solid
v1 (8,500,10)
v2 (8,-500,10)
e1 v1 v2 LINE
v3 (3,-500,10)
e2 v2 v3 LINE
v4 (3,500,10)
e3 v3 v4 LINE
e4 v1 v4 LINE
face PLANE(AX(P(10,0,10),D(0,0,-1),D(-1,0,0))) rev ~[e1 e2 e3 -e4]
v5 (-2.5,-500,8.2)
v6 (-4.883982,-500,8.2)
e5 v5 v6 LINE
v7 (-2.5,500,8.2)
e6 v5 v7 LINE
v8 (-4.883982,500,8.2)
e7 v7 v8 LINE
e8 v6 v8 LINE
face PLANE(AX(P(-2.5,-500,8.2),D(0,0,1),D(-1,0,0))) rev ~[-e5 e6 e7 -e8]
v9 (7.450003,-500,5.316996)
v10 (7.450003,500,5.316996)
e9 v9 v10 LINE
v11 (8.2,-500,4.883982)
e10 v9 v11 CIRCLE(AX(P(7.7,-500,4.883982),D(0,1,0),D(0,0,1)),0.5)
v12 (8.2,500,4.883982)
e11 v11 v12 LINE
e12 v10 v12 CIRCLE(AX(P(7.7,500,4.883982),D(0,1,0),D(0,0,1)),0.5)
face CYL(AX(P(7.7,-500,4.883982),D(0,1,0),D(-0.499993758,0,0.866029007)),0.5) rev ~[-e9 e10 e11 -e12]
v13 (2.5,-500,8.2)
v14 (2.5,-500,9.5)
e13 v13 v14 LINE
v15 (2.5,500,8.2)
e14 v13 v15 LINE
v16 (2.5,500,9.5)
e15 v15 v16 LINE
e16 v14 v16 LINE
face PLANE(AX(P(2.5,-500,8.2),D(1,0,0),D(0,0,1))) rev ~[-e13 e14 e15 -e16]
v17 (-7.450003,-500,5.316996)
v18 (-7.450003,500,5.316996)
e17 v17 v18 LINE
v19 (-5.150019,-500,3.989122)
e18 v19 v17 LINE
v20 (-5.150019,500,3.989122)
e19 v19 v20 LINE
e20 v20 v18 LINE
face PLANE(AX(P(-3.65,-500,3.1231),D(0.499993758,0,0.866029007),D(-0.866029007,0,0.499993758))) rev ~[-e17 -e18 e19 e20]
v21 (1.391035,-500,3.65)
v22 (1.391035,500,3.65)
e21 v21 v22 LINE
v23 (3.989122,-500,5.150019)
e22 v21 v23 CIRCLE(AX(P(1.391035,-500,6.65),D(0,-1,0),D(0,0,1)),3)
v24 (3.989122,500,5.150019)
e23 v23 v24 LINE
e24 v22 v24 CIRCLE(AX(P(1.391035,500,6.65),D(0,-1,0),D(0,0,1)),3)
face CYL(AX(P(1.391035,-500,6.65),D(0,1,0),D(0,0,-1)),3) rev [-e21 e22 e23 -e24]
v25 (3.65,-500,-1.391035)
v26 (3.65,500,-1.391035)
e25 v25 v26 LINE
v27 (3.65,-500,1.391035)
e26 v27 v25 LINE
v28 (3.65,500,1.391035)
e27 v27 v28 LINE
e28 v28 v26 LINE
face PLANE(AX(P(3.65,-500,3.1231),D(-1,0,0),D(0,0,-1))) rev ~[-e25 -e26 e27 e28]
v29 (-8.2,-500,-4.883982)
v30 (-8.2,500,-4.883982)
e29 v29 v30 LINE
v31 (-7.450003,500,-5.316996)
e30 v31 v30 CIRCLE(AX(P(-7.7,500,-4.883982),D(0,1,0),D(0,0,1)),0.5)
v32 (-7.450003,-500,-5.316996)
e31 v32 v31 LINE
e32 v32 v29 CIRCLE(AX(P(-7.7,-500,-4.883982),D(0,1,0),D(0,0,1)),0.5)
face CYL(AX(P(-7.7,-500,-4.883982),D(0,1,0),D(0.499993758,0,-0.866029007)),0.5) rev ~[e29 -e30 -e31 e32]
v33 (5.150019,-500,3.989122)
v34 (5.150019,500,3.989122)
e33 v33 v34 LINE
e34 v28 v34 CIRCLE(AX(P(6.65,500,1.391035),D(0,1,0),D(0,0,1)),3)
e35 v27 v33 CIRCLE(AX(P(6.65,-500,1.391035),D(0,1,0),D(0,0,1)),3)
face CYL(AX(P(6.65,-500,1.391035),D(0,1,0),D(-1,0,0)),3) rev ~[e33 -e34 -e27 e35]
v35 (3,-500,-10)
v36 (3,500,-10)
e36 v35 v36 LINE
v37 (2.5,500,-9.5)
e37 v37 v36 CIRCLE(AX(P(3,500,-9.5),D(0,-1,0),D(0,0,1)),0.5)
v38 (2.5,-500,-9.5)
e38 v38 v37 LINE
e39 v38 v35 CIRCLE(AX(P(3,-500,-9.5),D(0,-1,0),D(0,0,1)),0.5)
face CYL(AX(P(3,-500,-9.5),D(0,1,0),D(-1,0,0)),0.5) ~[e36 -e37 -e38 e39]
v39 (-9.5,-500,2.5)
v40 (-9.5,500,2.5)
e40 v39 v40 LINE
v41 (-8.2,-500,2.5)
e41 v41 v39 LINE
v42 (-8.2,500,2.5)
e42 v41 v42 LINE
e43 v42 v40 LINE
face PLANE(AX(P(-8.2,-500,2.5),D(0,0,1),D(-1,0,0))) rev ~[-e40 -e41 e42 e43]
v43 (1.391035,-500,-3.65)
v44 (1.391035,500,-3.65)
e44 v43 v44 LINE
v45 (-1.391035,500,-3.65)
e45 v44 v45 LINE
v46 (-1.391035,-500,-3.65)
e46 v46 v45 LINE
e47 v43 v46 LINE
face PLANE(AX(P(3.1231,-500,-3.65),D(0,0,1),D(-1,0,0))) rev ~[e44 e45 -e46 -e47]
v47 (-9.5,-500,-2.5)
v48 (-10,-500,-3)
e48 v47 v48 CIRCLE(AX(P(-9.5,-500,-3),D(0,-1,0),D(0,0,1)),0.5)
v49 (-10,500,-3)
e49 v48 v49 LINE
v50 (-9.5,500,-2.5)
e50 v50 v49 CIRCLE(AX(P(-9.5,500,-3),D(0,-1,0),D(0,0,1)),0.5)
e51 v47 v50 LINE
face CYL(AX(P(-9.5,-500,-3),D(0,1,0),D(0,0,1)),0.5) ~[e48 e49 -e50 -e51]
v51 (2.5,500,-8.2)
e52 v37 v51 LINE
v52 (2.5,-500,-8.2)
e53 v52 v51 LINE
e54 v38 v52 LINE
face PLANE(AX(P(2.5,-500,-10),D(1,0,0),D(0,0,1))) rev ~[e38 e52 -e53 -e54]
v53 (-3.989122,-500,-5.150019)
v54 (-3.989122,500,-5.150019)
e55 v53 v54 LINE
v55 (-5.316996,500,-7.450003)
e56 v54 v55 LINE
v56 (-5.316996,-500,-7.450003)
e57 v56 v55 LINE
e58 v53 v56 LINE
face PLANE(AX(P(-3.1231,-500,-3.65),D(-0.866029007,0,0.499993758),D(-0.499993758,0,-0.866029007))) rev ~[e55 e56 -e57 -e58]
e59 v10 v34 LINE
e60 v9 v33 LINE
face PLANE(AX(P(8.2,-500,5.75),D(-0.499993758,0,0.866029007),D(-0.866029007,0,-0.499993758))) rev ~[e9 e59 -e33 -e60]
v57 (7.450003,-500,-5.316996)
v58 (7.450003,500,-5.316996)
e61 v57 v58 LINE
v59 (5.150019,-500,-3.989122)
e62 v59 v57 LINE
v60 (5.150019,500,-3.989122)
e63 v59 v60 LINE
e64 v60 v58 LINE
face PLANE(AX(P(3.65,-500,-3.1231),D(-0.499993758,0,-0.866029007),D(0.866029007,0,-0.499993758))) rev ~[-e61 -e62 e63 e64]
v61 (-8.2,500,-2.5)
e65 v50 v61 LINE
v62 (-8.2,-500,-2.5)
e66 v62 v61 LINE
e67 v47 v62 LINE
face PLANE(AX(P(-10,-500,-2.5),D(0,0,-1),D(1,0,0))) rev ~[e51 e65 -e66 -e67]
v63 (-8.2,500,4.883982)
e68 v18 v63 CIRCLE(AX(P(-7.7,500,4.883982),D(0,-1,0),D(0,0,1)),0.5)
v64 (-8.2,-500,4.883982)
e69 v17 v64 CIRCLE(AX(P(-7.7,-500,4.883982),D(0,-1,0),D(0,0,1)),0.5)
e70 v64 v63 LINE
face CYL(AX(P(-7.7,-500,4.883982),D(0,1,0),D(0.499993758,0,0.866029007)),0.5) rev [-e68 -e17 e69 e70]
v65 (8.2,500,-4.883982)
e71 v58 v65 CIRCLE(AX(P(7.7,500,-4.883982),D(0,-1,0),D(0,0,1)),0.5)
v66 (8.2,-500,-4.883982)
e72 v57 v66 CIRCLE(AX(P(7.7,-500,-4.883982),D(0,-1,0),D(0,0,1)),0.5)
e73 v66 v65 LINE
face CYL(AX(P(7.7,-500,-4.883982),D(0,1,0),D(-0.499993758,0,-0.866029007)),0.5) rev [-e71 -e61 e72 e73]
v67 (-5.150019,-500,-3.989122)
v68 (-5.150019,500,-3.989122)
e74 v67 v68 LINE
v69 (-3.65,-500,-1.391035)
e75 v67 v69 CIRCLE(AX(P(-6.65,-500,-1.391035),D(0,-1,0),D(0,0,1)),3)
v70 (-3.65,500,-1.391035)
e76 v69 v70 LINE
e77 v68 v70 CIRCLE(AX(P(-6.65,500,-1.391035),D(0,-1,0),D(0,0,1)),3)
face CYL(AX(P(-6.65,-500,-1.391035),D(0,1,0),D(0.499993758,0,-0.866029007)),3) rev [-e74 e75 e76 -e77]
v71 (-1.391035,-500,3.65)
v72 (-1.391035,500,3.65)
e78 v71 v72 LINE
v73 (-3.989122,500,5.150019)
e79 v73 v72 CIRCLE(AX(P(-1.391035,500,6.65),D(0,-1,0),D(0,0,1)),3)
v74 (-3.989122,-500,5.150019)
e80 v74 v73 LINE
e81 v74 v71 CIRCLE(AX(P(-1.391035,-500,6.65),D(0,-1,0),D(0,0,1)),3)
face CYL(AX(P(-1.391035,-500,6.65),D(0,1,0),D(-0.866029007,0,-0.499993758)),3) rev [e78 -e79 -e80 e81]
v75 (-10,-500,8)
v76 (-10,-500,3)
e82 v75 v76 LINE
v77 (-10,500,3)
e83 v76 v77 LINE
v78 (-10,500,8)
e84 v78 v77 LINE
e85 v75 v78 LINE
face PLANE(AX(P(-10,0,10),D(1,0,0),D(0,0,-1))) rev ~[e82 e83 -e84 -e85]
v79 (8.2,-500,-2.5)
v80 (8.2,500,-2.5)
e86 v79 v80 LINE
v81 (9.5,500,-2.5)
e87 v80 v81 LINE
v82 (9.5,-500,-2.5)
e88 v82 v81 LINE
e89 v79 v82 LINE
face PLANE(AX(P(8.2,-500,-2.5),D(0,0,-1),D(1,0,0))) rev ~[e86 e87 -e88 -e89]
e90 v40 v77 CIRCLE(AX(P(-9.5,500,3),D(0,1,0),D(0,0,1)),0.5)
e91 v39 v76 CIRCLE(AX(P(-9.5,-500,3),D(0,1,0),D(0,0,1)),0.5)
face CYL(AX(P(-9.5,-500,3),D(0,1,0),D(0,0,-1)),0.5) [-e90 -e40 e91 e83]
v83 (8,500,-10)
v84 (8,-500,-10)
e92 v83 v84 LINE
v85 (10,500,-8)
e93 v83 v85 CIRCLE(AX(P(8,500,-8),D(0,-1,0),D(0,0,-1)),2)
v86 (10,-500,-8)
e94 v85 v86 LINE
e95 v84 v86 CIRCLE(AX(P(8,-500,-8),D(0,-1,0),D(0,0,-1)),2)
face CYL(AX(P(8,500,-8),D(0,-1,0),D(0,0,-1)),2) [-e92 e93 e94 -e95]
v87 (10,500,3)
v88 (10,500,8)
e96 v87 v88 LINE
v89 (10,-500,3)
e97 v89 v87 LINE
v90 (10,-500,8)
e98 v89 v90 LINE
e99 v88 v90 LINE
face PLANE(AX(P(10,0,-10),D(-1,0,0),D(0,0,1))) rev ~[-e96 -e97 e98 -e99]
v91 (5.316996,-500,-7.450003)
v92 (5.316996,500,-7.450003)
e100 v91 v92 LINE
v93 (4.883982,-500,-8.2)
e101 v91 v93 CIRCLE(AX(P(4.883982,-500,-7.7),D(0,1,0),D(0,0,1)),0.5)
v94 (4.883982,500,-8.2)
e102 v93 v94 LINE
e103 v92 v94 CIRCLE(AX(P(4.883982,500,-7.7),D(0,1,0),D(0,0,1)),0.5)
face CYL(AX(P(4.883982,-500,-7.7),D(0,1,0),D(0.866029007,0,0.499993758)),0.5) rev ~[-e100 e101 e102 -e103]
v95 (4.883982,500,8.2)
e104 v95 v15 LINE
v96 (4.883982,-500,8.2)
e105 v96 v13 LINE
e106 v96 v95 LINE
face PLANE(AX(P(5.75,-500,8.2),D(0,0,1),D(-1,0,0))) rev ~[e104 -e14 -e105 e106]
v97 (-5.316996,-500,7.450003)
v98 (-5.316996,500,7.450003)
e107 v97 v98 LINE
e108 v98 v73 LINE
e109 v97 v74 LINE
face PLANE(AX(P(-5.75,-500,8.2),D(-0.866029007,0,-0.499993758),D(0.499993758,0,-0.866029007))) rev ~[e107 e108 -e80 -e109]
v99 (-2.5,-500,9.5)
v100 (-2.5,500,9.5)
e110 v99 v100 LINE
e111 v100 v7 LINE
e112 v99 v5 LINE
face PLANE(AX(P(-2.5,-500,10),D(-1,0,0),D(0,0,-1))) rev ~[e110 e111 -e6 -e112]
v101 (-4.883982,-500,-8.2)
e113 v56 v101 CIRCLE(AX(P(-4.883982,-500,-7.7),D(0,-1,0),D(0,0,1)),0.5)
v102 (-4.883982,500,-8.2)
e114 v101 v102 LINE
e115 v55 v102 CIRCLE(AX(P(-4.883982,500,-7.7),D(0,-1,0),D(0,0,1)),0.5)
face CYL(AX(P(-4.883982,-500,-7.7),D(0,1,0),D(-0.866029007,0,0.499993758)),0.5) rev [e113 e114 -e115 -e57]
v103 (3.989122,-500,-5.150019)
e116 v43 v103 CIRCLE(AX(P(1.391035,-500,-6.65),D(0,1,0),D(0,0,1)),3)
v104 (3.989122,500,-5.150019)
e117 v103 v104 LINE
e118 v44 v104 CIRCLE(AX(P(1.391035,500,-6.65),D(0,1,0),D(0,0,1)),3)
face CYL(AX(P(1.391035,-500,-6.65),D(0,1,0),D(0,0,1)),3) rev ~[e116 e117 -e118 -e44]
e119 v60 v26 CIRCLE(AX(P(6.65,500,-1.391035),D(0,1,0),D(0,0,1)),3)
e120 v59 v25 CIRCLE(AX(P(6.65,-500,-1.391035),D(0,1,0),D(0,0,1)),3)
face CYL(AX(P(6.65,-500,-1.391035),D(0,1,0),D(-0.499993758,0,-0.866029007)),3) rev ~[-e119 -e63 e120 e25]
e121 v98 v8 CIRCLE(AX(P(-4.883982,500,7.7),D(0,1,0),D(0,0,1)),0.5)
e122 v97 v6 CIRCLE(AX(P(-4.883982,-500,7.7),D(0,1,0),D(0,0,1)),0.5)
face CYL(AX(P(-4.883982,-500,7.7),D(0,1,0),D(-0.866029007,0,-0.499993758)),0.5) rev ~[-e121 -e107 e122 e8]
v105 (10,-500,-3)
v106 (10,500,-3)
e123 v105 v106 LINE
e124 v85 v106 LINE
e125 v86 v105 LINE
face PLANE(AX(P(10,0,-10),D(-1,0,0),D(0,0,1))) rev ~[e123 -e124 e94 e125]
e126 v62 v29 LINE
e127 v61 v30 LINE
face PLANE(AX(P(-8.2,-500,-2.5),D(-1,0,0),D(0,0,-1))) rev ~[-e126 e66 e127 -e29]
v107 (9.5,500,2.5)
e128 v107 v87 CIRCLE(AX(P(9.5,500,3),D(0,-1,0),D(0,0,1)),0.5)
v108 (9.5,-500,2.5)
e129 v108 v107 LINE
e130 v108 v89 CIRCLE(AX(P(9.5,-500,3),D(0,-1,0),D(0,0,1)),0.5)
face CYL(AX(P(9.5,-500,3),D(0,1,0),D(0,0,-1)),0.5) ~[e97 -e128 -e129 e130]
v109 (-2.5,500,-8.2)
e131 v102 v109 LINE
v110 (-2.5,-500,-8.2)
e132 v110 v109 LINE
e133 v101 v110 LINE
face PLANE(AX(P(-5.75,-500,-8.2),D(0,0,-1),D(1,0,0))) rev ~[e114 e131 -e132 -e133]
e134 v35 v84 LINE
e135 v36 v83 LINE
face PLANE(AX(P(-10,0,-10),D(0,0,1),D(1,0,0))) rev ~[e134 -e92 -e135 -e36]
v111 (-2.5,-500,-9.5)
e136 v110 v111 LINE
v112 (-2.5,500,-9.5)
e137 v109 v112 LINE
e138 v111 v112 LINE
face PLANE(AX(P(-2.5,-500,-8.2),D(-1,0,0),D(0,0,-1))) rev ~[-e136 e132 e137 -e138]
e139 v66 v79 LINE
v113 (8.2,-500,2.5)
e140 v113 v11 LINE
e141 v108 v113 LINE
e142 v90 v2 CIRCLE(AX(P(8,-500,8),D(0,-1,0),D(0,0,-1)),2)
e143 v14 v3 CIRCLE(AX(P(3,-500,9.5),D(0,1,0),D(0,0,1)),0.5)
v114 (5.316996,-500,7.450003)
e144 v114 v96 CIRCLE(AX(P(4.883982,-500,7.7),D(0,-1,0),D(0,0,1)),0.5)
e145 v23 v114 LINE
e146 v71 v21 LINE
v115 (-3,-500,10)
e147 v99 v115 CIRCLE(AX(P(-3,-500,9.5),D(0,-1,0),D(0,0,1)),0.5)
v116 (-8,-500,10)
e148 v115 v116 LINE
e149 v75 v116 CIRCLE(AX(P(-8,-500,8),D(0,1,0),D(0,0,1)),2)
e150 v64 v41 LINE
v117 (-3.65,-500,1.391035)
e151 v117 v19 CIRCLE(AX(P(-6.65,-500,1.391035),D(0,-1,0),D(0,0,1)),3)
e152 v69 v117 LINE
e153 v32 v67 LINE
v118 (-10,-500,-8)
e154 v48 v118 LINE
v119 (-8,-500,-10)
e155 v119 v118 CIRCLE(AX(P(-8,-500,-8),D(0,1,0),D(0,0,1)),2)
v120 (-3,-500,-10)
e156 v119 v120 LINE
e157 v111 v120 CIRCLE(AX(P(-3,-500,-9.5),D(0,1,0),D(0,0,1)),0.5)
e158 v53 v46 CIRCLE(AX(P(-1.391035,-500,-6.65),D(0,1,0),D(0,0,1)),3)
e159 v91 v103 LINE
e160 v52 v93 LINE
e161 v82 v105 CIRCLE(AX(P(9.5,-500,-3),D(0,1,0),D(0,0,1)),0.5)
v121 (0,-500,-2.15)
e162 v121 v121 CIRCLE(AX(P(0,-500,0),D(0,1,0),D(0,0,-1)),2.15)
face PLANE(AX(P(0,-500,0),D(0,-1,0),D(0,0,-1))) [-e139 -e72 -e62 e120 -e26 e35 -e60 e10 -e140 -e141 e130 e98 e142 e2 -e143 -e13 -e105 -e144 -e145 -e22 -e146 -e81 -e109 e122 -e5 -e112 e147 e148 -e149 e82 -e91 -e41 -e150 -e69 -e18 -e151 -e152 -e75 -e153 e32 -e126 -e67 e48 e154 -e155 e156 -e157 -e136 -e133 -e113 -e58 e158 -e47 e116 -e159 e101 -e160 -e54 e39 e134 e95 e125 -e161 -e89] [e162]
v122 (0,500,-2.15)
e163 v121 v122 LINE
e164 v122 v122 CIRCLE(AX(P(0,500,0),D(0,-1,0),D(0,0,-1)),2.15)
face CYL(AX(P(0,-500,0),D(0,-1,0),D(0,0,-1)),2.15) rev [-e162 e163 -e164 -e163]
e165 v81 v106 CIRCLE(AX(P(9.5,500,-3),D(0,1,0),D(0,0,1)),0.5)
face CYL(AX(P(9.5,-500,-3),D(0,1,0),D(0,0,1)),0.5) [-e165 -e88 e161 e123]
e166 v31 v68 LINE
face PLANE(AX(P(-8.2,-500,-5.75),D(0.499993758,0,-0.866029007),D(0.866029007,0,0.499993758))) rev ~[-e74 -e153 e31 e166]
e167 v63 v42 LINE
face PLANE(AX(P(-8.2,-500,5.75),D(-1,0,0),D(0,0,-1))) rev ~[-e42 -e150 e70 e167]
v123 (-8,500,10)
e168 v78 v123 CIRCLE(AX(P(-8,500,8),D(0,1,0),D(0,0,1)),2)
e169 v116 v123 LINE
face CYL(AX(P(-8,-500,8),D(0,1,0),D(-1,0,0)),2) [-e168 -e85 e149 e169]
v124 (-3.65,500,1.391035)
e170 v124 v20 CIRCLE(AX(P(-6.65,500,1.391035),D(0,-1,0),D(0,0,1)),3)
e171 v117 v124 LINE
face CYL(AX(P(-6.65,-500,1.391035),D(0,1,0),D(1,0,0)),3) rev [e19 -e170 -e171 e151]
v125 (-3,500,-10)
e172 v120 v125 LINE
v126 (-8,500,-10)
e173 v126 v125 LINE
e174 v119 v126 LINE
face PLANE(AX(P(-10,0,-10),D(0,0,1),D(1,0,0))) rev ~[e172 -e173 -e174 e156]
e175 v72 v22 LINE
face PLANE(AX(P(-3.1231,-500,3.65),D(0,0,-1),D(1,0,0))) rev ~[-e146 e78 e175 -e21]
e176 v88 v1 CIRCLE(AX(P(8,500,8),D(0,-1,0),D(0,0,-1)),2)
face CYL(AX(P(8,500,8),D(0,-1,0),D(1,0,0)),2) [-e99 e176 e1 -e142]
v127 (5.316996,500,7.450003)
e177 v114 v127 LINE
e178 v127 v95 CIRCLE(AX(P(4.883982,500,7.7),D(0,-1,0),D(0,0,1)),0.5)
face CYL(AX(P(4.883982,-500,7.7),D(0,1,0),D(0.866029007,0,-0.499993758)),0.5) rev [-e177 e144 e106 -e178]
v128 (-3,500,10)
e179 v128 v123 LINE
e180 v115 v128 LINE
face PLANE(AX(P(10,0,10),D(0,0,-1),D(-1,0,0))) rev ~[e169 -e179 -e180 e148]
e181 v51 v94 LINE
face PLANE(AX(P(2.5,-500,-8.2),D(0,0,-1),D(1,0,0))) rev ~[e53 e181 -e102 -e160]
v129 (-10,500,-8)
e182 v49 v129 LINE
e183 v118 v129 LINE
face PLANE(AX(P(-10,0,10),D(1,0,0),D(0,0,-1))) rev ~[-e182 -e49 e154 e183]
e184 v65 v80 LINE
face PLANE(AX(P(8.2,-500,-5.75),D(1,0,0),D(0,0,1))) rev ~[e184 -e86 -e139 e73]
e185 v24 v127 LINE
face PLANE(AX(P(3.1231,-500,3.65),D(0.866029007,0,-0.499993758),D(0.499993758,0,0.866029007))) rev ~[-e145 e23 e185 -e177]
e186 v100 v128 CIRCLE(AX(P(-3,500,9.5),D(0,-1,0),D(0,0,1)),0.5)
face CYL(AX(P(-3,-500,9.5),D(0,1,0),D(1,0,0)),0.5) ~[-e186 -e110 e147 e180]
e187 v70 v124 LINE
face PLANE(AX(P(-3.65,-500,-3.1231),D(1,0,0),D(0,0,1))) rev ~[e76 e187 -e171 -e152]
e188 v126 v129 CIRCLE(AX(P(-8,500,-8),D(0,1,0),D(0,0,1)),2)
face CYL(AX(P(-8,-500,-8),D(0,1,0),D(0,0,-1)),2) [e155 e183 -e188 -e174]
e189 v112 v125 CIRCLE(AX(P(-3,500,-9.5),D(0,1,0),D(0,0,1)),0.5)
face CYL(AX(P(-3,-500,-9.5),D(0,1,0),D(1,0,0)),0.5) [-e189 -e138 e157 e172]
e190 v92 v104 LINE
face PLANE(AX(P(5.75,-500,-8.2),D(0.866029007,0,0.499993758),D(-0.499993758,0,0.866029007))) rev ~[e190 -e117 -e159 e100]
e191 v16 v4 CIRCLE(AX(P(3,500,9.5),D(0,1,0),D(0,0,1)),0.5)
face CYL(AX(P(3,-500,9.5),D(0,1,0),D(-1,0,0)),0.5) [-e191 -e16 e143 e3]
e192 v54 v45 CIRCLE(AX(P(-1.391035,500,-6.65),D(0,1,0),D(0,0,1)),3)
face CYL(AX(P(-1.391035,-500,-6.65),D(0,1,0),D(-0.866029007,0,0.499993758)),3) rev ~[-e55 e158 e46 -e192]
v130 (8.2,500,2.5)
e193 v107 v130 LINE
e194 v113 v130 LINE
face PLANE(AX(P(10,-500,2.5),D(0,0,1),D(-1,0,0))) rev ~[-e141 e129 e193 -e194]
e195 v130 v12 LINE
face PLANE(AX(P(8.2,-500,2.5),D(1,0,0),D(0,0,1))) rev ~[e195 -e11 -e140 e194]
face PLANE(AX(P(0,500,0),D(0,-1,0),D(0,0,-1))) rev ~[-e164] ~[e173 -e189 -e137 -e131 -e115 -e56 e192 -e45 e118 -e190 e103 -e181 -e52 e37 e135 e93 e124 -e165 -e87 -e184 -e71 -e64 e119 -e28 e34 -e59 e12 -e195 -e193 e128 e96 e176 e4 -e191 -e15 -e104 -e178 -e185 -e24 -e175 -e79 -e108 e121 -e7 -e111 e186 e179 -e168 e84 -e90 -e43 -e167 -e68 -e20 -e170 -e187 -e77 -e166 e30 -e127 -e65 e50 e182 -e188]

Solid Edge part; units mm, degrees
sketch "Sketch1" plane through (0, 0, 0) normal (0, -1, 0) x (1, 0, 0)
  line L0 (-10, -10) -> (10, -10)
  line L1 (10, -10) -> (10, 10)
  line L2 (10, 10) -> (-10, 10)
  line L3 (-10, 10) -> (-10, -10)
  dimension "D1" = 20
  dimension "D2" = 20
extrude "Protrusion1" add sketch "Sketch1" along normal mid plane 1000
sketch "Sketch2" plane through (0, -500, 0) normal (0, -1, 0) x (1, 0, 0)
  line L0 (-2.5, 10) -> (-2.5, 8.2)
  line L1 (-2.5, 8.2) -> (-5.75, 8.2)
  line L2 (-5.75, 8.2) -> (-3.1231, 3.65)
  line L3 (-3.1231, 3.65) -> (3.1231, 3.65)
  line L4 (3.1231, 3.65) -> (5.75, 8.2)
  line L5 (5.75, 8.2) -> (2.5, 8.2)
  line L6 (2.5, 8.2) -> (2.5, 10)
  line L7 (2.5, 10) -> (-2.5, 10)
  dimension "D1" = 11.5
  dimension "D2" = 1.8
  dimension "D3" = 5
  dimension "D4" = 6.35
extrude "Cutout1" cut sketch "Sketch2" against normal through all
fillet "Verrundung_1" radius 2 4 edges at (10, 0, 10) (-10, 0, 10) (10, 0, -10) (-10, 0, -10)
fillet "Verrundung_2" radius 3 2 edges at (-3.1231, 0, 3.65) (3.1231, 0, 3.65)
fillet "Verrundung_3" radius 0.5 4 edges at (-5.75, 0, 8.2) (5.75, 0, 8.2) (-2.5, 0, 10) (2.5, 0, 10)
hole "Bohrung_1" at (0, -500, 0) direction (0, 1, 0) diameter 4.3 end up to next
pattern_circular "Pattern1" count 4 over 360 about axis through (0, -500, 0) along (0, -1, 0) of "Cutout1"
fillet "Round1" radius 3 2 edges at (-3.65, 0, -3.1231) (-3.65, 0, 3.1231)
fillet "Round2" radius 0.5 4 edges at (-8.2, 0, -5.75) (-8.2, 0, 5.75) (-10, 0, -2.5) (-10, 0, 2.5)
fillet "Round3" radius 3 2 edges at (3.1231, 0, -3.65) (-3.1231, 0, -3.65)
fillet "Round4" radius 0.5 4 edges at (5.75, 0, -8.2) (-5.75, 0, -8.2) (2.5, 0, -10) (-2.5, 0, -10)
fillet "Round5" radius 3 2 edges at (3.65, 0, 3.1231) (3.65, 0, -3.1231)
fillet "Round6" radius 0.5 4 edges at (8.2, 0, 5.75) (8.2, 0, -5.75) (10, 0, 2.5) (10, 0, -2.5)
